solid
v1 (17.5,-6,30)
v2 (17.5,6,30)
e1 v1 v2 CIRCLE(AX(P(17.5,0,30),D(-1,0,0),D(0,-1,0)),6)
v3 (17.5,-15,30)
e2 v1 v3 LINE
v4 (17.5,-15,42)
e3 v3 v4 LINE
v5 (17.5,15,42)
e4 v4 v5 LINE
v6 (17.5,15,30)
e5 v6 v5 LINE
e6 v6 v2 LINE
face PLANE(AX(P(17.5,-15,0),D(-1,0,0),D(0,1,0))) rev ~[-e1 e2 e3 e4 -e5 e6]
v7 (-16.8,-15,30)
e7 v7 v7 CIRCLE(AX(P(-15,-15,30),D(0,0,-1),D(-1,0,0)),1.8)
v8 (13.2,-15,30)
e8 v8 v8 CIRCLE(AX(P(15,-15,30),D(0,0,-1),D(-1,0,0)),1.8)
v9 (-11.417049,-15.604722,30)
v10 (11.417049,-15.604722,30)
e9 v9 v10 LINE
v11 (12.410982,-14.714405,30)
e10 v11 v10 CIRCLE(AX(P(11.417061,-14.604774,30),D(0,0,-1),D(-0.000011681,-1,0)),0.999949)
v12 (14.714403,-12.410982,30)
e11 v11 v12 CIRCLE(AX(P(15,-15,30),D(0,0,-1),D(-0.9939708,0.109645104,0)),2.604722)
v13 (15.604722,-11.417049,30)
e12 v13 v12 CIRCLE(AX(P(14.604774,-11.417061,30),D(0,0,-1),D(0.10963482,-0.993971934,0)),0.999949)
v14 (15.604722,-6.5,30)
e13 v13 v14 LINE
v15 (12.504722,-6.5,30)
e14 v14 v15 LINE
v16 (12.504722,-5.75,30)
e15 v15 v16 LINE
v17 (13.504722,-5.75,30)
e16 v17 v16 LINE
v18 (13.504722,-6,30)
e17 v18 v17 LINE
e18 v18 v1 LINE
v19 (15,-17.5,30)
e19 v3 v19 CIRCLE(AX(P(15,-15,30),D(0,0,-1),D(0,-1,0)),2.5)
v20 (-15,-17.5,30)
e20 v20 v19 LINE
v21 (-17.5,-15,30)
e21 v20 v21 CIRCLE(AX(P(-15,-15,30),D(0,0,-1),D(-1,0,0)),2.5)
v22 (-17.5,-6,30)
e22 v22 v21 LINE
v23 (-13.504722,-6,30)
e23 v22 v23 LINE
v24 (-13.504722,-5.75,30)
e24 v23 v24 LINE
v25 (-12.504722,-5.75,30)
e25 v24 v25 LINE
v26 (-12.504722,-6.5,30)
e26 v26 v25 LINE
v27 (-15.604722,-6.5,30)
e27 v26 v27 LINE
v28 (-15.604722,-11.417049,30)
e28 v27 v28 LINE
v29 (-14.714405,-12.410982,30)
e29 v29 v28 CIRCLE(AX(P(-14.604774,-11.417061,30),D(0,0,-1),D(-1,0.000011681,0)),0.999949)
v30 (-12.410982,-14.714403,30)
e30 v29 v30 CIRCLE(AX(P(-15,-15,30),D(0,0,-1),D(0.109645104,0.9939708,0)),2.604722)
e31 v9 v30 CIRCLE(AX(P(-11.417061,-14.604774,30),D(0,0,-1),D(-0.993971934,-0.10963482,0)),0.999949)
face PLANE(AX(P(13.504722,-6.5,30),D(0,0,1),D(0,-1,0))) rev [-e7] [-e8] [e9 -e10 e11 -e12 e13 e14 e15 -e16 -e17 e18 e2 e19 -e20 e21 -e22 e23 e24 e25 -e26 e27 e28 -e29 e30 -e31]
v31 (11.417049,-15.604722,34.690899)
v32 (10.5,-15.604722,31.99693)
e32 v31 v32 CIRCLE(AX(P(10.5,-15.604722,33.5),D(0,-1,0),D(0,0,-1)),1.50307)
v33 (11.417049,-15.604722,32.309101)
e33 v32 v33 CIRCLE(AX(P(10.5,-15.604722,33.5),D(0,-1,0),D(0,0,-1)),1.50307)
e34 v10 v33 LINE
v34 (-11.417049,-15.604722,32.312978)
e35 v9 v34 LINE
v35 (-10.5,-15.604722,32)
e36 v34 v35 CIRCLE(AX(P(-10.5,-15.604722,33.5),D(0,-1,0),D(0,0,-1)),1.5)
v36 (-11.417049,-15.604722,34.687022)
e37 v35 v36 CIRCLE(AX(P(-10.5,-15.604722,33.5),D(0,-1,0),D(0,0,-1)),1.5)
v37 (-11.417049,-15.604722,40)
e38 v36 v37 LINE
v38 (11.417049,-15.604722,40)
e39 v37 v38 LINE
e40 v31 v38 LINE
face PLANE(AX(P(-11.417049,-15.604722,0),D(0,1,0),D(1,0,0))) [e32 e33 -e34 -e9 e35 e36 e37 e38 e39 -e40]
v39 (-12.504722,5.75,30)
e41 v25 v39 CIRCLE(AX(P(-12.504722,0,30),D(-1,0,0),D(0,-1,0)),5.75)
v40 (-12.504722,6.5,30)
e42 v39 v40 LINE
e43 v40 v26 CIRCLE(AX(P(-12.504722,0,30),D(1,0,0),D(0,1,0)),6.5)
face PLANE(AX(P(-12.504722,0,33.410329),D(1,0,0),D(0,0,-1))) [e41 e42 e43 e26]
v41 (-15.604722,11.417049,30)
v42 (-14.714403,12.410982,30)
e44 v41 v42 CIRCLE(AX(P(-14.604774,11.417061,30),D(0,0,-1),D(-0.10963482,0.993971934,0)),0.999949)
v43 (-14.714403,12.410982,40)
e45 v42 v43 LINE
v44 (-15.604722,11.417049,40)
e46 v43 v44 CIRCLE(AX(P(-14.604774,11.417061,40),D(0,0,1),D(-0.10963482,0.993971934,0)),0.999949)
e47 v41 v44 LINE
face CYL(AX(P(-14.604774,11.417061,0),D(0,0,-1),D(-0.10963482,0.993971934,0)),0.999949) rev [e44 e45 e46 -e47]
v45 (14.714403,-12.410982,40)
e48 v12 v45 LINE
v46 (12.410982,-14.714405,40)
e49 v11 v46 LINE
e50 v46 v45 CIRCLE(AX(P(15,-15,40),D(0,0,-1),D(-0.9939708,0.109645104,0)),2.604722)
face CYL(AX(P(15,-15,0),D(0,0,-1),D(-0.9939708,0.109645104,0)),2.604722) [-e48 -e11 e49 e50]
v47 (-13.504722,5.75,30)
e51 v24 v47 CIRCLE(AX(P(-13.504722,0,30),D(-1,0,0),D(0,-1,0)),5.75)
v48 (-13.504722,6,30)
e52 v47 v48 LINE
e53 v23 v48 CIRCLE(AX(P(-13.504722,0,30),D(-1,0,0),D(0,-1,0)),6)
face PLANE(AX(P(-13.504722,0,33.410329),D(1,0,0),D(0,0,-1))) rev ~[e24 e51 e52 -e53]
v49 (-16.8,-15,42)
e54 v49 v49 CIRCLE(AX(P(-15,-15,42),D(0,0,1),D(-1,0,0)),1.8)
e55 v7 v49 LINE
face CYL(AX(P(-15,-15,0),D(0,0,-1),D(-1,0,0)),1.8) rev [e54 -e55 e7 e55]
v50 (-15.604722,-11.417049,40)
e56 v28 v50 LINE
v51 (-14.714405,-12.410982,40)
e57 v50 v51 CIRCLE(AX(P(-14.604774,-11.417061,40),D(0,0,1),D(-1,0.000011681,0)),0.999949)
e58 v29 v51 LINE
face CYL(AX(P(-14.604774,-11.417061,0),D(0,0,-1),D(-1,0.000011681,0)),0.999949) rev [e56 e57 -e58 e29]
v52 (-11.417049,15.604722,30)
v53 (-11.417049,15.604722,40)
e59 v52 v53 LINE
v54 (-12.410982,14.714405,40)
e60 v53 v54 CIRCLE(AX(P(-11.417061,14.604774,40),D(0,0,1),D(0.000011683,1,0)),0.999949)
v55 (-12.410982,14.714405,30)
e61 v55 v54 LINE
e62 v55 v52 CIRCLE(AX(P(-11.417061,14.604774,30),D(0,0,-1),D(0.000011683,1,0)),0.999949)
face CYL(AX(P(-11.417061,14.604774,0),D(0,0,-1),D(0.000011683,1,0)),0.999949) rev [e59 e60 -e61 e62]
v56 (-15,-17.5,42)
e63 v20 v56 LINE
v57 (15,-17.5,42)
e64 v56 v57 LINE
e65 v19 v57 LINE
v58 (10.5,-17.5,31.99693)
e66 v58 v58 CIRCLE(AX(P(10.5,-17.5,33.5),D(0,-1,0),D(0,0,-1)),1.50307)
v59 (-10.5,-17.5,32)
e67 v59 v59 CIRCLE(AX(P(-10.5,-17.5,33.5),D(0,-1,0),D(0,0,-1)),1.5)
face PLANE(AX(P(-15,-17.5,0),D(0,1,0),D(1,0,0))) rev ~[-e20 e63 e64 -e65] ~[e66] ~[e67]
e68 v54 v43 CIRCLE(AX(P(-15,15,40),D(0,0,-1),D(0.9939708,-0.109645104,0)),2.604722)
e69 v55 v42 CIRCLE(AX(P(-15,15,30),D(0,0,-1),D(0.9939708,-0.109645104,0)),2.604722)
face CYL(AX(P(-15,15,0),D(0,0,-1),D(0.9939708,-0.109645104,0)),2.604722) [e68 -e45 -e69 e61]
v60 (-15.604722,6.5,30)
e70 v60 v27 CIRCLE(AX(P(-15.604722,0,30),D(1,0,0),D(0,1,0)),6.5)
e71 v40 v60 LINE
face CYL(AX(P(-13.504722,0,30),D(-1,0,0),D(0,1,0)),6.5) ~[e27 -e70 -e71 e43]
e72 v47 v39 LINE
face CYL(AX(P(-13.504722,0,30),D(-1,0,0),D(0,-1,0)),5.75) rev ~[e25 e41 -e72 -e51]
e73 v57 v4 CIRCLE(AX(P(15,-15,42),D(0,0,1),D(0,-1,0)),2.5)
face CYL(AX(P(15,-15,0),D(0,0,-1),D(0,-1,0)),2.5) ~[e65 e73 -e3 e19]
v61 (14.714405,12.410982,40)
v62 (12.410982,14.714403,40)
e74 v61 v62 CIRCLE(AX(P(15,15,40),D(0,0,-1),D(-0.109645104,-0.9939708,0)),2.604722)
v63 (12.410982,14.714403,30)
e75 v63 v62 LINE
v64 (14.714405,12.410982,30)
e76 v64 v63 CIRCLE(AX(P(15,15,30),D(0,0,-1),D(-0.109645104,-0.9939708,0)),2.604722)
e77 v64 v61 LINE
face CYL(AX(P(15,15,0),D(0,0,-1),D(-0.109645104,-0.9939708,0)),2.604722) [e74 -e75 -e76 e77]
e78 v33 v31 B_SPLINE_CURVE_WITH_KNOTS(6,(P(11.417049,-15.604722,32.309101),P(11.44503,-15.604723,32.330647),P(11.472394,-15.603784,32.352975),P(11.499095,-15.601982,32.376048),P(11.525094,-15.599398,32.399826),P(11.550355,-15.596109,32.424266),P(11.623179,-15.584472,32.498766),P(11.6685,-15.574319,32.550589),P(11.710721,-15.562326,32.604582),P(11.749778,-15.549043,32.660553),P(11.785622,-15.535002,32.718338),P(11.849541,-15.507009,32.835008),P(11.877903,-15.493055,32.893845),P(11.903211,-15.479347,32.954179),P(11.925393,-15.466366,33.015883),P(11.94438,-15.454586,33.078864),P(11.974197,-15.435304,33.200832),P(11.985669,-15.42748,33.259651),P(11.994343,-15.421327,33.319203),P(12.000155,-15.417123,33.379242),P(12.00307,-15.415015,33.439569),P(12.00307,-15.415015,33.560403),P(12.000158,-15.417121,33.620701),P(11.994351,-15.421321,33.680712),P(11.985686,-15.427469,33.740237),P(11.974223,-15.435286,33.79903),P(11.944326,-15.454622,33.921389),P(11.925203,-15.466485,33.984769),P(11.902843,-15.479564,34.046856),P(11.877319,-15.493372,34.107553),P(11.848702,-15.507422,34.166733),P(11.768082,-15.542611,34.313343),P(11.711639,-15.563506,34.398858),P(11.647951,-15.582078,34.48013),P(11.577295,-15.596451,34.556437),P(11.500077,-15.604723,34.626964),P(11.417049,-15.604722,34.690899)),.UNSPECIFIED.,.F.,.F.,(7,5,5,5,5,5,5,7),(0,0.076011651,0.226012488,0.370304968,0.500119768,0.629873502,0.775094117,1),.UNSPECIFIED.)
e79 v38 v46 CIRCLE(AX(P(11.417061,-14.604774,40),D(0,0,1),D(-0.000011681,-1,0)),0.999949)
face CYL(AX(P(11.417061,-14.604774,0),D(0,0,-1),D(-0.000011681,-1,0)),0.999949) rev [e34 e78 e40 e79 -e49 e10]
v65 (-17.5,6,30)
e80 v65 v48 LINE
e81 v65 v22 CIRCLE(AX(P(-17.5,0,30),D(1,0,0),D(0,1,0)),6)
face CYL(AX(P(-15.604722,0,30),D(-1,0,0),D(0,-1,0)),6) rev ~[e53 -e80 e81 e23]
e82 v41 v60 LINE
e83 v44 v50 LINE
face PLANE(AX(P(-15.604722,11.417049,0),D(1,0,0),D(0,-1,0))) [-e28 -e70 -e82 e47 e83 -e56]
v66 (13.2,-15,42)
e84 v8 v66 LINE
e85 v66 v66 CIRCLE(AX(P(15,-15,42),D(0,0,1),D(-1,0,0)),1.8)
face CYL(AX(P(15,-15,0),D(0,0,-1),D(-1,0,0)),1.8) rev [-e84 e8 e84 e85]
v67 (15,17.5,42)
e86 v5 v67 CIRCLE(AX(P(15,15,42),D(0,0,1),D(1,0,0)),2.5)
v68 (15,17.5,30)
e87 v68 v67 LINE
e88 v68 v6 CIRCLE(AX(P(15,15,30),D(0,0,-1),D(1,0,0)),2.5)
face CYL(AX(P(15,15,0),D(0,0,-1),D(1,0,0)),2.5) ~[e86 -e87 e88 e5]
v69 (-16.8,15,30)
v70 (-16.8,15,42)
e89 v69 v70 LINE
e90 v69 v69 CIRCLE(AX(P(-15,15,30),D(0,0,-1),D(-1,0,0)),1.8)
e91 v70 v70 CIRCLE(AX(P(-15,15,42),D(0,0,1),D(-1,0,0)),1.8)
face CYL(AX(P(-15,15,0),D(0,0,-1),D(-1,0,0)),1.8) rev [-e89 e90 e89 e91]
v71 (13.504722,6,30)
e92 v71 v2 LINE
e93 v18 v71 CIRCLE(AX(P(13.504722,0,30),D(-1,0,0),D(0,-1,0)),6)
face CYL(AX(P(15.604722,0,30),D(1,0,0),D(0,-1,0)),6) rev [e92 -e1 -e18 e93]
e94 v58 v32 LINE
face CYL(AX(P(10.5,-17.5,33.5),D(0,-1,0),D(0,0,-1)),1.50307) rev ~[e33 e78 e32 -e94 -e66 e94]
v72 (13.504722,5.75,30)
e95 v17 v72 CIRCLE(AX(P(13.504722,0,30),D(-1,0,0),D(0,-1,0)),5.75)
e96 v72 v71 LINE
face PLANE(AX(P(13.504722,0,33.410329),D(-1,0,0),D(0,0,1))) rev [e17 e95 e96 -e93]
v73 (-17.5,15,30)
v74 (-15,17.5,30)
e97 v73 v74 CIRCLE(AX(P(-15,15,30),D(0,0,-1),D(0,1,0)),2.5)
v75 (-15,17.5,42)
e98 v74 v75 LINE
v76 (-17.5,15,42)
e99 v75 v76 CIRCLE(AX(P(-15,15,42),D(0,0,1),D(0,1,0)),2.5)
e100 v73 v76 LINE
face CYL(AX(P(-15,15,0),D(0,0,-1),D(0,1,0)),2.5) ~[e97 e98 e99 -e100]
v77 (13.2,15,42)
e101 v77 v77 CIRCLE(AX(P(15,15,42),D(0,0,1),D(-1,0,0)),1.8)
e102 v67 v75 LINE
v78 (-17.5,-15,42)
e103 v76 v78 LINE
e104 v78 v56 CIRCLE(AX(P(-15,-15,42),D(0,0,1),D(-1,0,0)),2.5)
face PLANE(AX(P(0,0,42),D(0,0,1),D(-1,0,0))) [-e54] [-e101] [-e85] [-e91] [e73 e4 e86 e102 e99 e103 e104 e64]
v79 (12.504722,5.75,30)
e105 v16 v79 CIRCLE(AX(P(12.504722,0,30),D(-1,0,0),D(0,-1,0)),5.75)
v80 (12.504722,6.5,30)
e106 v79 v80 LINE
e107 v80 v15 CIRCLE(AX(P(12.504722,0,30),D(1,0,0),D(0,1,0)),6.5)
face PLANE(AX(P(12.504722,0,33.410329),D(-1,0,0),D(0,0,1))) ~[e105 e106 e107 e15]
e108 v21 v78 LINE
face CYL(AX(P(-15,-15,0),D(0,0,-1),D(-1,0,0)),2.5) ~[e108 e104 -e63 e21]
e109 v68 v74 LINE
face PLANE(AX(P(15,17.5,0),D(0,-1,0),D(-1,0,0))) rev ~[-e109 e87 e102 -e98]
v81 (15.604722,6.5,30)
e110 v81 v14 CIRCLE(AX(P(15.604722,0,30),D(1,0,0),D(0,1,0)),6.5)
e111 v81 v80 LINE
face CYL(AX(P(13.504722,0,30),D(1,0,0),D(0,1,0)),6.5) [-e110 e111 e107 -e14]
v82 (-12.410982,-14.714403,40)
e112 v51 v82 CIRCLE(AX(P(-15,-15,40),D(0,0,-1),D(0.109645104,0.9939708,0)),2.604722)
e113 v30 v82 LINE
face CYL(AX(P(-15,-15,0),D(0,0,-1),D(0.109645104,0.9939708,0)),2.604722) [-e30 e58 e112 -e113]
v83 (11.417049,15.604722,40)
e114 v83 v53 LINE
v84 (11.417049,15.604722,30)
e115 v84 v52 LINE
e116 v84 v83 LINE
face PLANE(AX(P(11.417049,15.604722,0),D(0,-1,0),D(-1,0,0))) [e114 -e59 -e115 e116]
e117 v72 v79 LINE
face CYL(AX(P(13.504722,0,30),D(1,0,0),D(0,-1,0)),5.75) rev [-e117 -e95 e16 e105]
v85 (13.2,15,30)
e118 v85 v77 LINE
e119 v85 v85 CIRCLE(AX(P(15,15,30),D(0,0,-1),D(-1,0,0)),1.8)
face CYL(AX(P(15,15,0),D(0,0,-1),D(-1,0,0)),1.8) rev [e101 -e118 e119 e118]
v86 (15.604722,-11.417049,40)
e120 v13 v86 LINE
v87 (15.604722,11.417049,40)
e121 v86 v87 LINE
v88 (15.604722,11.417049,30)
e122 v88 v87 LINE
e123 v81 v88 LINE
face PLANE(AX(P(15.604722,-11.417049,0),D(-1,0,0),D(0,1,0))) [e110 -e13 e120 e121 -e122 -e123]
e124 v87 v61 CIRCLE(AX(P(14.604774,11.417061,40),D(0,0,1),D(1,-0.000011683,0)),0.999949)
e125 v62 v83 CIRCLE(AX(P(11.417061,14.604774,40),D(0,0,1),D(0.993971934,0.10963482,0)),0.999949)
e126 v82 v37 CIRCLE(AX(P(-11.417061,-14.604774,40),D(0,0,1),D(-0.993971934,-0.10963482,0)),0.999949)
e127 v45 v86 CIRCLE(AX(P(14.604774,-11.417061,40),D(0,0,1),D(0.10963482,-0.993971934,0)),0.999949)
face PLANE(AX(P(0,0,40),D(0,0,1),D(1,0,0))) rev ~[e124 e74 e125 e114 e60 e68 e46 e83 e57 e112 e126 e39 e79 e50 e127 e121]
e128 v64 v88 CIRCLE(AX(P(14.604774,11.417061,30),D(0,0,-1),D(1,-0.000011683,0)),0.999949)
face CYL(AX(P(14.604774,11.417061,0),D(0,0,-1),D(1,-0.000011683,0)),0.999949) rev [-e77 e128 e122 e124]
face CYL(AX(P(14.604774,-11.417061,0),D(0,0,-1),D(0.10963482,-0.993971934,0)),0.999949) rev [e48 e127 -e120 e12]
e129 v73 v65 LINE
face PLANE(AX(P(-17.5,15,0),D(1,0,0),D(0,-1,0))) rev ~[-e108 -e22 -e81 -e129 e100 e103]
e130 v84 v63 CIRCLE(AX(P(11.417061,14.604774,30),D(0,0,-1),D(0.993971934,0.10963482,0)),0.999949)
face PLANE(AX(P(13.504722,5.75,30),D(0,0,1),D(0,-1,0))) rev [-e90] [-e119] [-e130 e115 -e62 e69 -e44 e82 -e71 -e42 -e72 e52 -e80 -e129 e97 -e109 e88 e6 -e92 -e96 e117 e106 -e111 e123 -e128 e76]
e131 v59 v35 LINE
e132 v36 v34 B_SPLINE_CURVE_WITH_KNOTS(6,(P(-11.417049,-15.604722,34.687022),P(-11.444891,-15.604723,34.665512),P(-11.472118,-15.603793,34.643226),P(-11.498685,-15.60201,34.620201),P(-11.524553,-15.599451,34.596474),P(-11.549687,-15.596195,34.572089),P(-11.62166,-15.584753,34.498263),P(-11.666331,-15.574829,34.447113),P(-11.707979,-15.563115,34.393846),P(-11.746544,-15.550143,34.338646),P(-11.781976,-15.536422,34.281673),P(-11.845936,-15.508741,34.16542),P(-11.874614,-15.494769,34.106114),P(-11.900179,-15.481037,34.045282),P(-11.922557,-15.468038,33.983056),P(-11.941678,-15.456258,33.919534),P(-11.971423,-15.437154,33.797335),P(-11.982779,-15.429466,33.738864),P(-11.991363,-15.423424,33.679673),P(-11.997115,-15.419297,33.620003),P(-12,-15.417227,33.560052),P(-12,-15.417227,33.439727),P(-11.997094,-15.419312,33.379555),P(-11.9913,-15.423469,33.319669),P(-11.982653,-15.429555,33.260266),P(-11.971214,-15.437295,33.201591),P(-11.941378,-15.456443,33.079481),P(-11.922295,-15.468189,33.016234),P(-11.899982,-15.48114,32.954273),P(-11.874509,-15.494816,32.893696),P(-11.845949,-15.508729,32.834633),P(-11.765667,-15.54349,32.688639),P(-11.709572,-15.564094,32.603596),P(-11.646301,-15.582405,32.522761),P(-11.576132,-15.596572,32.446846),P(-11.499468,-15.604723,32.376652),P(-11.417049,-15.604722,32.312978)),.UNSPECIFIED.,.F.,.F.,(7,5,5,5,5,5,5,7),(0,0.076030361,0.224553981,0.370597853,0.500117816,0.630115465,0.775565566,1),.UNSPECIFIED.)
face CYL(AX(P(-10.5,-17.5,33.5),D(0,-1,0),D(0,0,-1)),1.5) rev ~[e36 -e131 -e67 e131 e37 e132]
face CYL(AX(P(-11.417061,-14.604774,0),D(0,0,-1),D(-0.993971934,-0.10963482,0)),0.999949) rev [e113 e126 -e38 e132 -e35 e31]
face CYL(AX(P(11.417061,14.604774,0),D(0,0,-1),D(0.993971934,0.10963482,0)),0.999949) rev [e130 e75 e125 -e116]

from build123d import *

# Parameters (mm, degrees)
SKETCH_1_R          = 1.8
EXTRUDE_1_DEPTH     = 42
SKETCH_2_R          = 6
CUT_EXTRUDE_1_DEPTH = 58.404268134
SKETCH_3_R          = 6
CUT_EXTRUDE_2_DEPTH = 58.404268134
CUT_EXTRUDE_3_DEPTH = 58.404268134
EXTRUDE_2_DEPTH     = 2.1
EXTRUDE_3_DEPTH     = 1
EXTRUDE_START       = -2
EXTRUDE_4_DEPTH     = 2
SKETCH_8_R          = 1.503070462
SKETCH_8_R_2        = 1.5
CUT_EXTRUDE_4_DEPTH = 3


with BuildPart() as part:
    # 草图1 → 凸台-拉伸1 (new body)
    with BuildSketch(Plane(origin=(0, 0, 0), x_dir=(-1, 0, 0), z_dir=(0, 0, 1))):
        with BuildLine():
            Line((-17.5, 15), (-17.5, -15))
            ThreePointArc((-17.5, -15), (-16.767766953, -16.767766953), (-15, -17.5))
            Line((-15, -17.5), (15, -17.5))
            ThreePointArc((15, -17.5), (16.767766953, -16.767766953), (17.5, -15))
            Line((17.5, -15), (17.5, 15))
            ThreePointArc((17.5, 15), (16.767766953, 16.767766953), (15, 17.5))
            Line((15, 17.5), (-15, 17.5))
            ThreePointArc((-15, 17.5), (-16.767766953, 16.767766953), (-17.5, 15))
        make_face()
        with Locations((-15, -15)):
            Circle(SKETCH_1_R, mode=Mode.SUBTRACT)
        with Locations((15, -15)):
            Circle(SKETCH_1_R, mode=Mode.SUBTRACT)
        with Locations((15, 15)):
            Circle(SKETCH_1_R, mode=Mode.SUBTRACT)
        with Locations((-15, 15)):
            Circle(SKETCH_1_R, mode=Mode.SUBTRACT)
        with BuildLine():
            Line((15.604722414, -11.417049415), (15.604722414, 11.417049415))
            ThreePointArc((15.604722414, 11.417049415), (15.349600754, 12.084241863), (14.71440494, 12.410981979))
            ThreePointArc((14.71440494, 12.410981979), (13.158183899, 13.158182338), (12.410982221, 14.714402746))
            ThreePointArc((12.410982221, 14.714402746), (12.084242685, 15.349600017), (11.417049415, 15.604722414))
            Line((11.417049415, 15.604722414), (-11.417049415, 15.604722414))
            ThreePointArc((-11.417049415, 15.604722414), (-12.084241863, 15.349600754), (-12.410981979, 14.71440494))
            ThreePointArc((-12.410981979, 14.71440494), (-13.158182338, 13.158183899), (-14.714402746, 12.410982221))
            ThreePointArc((-14.714402746, 12.410982221), (-15.349600017, 12.084242685), (-15.604722413, 11.417049415))
            Line((-15.604722413, 11.417049415), (-15.604722413, -11.417049415))
            ThreePointArc((-15.604722413, -11.417049415), (-15.349600754, -12.084241863), (-14.71440494, -12.410981979))
            ThreePointArc((-14.71440494, -12.410981979), (-13.158183899, -13.158182338), (-12.410982221, -14.714402746))
            ThreePointArc((-12.410982221, -14.714402746), (-12.084242685, -15.349600017), (-11.417049415, -15.604722413))
            Line((-11.417049415, -15.604722413), (11.417049415, -15.604722413))
            ThreePointArc((11.417049415, -15.604722413), (12.084241863, -15.349600754), (12.410981979, -14.71440494))
            ThreePointArc((12.410981979, -14.71440494), (13.158182338, -13.158183899), (14.714402746, -12.410982221))
            ThreePointArc((14.714402746, -12.410982221), (15.349600017, -12.084242685), (15.604722414, -11.417049415))
        make_face(mode=Mode.SUBTRACT)
    extrude(amount=EXTRUDE_1_DEPTH)

    # 草图2 → 切除-拉伸1 (cut, through all)
    with BuildSketch(Plane(origin=(0, 17.5, 0), x_dir=(1, 0, 0), z_dir=(0, 1, 0))):
        with Locations(Location((0, -12, 0), (0, 0, 270))):
            Circle(SKETCH_2_R)
    extrude(amount=-CUT_EXTRUDE_1_DEPTH, mode=Mode.SUBTRACT)

    # 草图3 → 切除-拉伸2 (cut, through all)
    with BuildSketch(Plane.ZY.offset(17.5)):
        with Locations((30, 0)):
            Circle(SKETCH_3_R)
    extrude(amount=-CUT_EXTRUDE_2_DEPTH, mode=Mode.SUBTRACT)

    # 草图4 → 切除-拉伸3 (cut, through all)
    with BuildSketch(Plane(origin=(17.5, 0, 0), x_dir=(0, 0, -1), z_dir=(1, 0, 0))):
        Polygon((-30, 6), (-30, -18.57864904), (7.937077404, -18.57864904), (5.133649544, 19.10132203), (-30, 19.10132203), align=None)
    extrude(amount=-CUT_EXTRUDE_3_DEPTH, mode=Mode.SUBTRACT)

    # 草图5 → 凸台-拉伸2 (add)
    with BuildSketch(Plane(origin=(-15.604722414, 0, 0), x_dir=(0, 0, -1), z_dir=(1, 0, 0))):
        with BuildLine():
            Line((-30, -6.5), (-30, -6))
            ThreePointArc((-30, -6), (-36, 0), (-30, 6))
            Line((-30, 6), (-30, 6.5))
            ThreePointArc((-30, 6.5), (-36.5, 0), (-30, -6.5))
        make_face()
    extrude_2 = extrude(amount=EXTRUDE_2_DEPTH)

    # 草图6 → 凸台-拉伸3 (add)
    with BuildSketch(Plane(origin=(-13.504722414, 0, 0), x_dir=(0, 0, -1), z_dir=(1, 0, 0))):
        with BuildLine():
            Line((-30, -6.5), (-30, -5.75))
            ThreePointArc((-30, -5.75), (-35.75, 0), (-30, 5.75))
            Line((-30, 5.75), (-30, 6.5))
            ThreePointArc((-30, 6.5), (-36.5, 0), (-30, -6.5))
        make_face()
    extrude_3 = extrude(amount=EXTRUDE_3_DEPTH)

    # 镜向1: 凸台-拉伸2, 凸台-拉伸3 across plane
    add(extrude_2.mirror(Plane(origin=(0, 0, 0), x_dir=(0, 0, 1), z_dir=(1, 0, 0))))
    add(extrude_3.mirror(Plane(origin=(0, 0, 0), x_dir=(0, 0, 1), z_dir=(1, 0, 0))))

    # 草图7 → 凸台-拉伸4 (add)
    with BuildSketch(Plane.XY.offset(42).offset(EXTRUDE_START)):
        with BuildLine():
            Line((-15.604722414, 11.417049415), (-15.604722414, -11.417049415))
            ThreePointArc((-15.604722414, -11.417049415), (-15.349600754, -12.084241863), (-14.71440494, -12.410981979))
            ThreePointArc((-14.71440494, -12.410981979), (-13.158183899, -13.158182338), (-12.410982221, -14.714402746))
            ThreePointArc((-12.410982221, -14.714402746), (-12.084242685, -15.349600017), (-11.417049415, -15.604722414))
            Line((-11.417049415, -15.604722414), (11.417049415, -15.604722414))
            ThreePointArc((11.417049415, -15.604722414), (12.084241863, -15.349600754), (12.410981979, -14.71440494))
            ThreePointArc((12.410981979, -14.71440494), (13.158182338, -13.158183899), (14.714402746, -12.410982221))
            ThreePointArc((14.714402746, -12.410982221), (15.349600017, -12.084242685), (15.604722413, -11.417049415))
            Line((15.604722413, -11.417049415), (15.604722413, 11.417049415))
            ThreePointArc((15.604722413, 11.417049415), (15.349600754, 12.084241863), (14.71440494, 12.410981979))
            ThreePointArc((14.71440494, 12.410981979), (13.158183899, 13.158182338), (12.410982221, 14.714402746))
            ThreePointArc((12.410982221, 14.714402746), (12.084242685, 15.349600017), (11.417049415, 15.604722413))
            Line((11.417049415, 15.604722413), (-11.417049415, 15.604722413))
            ThreePointArc((-11.417049415, 15.604722413), (-12.084241863, 15.349600754), (-12.410981979, 14.71440494))
            ThreePointArc((-12.410981979, 14.71440494), (-13.158182338, 13.158183899), (-14.714402746, 12.410982221))
            ThreePointArc((-14.714402746, 12.410982221), (-15.349600017, 12.084242685), (-15.604722414, 11.417049415))
        make_face()
    extrude(amount=EXTRUDE_4_DEPTH)

    # 草图8 → 切除-拉伸4 (cut)
    with BuildSketch(Plane.XZ.offset(17.5)):
        with Locations(Location((10.499999996, 33.500000027, 0), (0, 0, 270))):
            Circle(SKETCH_8_R)
        with Locations(Location((-10.500000004, 33.500000024, 0), (0, 0, 270))):
            Circle(SKETCH_8_R_2)
    extrude(amount=-CUT_EXTRUDE_4_DEPTH, mode=Mode.SUBTRACT)


solid = part.part
